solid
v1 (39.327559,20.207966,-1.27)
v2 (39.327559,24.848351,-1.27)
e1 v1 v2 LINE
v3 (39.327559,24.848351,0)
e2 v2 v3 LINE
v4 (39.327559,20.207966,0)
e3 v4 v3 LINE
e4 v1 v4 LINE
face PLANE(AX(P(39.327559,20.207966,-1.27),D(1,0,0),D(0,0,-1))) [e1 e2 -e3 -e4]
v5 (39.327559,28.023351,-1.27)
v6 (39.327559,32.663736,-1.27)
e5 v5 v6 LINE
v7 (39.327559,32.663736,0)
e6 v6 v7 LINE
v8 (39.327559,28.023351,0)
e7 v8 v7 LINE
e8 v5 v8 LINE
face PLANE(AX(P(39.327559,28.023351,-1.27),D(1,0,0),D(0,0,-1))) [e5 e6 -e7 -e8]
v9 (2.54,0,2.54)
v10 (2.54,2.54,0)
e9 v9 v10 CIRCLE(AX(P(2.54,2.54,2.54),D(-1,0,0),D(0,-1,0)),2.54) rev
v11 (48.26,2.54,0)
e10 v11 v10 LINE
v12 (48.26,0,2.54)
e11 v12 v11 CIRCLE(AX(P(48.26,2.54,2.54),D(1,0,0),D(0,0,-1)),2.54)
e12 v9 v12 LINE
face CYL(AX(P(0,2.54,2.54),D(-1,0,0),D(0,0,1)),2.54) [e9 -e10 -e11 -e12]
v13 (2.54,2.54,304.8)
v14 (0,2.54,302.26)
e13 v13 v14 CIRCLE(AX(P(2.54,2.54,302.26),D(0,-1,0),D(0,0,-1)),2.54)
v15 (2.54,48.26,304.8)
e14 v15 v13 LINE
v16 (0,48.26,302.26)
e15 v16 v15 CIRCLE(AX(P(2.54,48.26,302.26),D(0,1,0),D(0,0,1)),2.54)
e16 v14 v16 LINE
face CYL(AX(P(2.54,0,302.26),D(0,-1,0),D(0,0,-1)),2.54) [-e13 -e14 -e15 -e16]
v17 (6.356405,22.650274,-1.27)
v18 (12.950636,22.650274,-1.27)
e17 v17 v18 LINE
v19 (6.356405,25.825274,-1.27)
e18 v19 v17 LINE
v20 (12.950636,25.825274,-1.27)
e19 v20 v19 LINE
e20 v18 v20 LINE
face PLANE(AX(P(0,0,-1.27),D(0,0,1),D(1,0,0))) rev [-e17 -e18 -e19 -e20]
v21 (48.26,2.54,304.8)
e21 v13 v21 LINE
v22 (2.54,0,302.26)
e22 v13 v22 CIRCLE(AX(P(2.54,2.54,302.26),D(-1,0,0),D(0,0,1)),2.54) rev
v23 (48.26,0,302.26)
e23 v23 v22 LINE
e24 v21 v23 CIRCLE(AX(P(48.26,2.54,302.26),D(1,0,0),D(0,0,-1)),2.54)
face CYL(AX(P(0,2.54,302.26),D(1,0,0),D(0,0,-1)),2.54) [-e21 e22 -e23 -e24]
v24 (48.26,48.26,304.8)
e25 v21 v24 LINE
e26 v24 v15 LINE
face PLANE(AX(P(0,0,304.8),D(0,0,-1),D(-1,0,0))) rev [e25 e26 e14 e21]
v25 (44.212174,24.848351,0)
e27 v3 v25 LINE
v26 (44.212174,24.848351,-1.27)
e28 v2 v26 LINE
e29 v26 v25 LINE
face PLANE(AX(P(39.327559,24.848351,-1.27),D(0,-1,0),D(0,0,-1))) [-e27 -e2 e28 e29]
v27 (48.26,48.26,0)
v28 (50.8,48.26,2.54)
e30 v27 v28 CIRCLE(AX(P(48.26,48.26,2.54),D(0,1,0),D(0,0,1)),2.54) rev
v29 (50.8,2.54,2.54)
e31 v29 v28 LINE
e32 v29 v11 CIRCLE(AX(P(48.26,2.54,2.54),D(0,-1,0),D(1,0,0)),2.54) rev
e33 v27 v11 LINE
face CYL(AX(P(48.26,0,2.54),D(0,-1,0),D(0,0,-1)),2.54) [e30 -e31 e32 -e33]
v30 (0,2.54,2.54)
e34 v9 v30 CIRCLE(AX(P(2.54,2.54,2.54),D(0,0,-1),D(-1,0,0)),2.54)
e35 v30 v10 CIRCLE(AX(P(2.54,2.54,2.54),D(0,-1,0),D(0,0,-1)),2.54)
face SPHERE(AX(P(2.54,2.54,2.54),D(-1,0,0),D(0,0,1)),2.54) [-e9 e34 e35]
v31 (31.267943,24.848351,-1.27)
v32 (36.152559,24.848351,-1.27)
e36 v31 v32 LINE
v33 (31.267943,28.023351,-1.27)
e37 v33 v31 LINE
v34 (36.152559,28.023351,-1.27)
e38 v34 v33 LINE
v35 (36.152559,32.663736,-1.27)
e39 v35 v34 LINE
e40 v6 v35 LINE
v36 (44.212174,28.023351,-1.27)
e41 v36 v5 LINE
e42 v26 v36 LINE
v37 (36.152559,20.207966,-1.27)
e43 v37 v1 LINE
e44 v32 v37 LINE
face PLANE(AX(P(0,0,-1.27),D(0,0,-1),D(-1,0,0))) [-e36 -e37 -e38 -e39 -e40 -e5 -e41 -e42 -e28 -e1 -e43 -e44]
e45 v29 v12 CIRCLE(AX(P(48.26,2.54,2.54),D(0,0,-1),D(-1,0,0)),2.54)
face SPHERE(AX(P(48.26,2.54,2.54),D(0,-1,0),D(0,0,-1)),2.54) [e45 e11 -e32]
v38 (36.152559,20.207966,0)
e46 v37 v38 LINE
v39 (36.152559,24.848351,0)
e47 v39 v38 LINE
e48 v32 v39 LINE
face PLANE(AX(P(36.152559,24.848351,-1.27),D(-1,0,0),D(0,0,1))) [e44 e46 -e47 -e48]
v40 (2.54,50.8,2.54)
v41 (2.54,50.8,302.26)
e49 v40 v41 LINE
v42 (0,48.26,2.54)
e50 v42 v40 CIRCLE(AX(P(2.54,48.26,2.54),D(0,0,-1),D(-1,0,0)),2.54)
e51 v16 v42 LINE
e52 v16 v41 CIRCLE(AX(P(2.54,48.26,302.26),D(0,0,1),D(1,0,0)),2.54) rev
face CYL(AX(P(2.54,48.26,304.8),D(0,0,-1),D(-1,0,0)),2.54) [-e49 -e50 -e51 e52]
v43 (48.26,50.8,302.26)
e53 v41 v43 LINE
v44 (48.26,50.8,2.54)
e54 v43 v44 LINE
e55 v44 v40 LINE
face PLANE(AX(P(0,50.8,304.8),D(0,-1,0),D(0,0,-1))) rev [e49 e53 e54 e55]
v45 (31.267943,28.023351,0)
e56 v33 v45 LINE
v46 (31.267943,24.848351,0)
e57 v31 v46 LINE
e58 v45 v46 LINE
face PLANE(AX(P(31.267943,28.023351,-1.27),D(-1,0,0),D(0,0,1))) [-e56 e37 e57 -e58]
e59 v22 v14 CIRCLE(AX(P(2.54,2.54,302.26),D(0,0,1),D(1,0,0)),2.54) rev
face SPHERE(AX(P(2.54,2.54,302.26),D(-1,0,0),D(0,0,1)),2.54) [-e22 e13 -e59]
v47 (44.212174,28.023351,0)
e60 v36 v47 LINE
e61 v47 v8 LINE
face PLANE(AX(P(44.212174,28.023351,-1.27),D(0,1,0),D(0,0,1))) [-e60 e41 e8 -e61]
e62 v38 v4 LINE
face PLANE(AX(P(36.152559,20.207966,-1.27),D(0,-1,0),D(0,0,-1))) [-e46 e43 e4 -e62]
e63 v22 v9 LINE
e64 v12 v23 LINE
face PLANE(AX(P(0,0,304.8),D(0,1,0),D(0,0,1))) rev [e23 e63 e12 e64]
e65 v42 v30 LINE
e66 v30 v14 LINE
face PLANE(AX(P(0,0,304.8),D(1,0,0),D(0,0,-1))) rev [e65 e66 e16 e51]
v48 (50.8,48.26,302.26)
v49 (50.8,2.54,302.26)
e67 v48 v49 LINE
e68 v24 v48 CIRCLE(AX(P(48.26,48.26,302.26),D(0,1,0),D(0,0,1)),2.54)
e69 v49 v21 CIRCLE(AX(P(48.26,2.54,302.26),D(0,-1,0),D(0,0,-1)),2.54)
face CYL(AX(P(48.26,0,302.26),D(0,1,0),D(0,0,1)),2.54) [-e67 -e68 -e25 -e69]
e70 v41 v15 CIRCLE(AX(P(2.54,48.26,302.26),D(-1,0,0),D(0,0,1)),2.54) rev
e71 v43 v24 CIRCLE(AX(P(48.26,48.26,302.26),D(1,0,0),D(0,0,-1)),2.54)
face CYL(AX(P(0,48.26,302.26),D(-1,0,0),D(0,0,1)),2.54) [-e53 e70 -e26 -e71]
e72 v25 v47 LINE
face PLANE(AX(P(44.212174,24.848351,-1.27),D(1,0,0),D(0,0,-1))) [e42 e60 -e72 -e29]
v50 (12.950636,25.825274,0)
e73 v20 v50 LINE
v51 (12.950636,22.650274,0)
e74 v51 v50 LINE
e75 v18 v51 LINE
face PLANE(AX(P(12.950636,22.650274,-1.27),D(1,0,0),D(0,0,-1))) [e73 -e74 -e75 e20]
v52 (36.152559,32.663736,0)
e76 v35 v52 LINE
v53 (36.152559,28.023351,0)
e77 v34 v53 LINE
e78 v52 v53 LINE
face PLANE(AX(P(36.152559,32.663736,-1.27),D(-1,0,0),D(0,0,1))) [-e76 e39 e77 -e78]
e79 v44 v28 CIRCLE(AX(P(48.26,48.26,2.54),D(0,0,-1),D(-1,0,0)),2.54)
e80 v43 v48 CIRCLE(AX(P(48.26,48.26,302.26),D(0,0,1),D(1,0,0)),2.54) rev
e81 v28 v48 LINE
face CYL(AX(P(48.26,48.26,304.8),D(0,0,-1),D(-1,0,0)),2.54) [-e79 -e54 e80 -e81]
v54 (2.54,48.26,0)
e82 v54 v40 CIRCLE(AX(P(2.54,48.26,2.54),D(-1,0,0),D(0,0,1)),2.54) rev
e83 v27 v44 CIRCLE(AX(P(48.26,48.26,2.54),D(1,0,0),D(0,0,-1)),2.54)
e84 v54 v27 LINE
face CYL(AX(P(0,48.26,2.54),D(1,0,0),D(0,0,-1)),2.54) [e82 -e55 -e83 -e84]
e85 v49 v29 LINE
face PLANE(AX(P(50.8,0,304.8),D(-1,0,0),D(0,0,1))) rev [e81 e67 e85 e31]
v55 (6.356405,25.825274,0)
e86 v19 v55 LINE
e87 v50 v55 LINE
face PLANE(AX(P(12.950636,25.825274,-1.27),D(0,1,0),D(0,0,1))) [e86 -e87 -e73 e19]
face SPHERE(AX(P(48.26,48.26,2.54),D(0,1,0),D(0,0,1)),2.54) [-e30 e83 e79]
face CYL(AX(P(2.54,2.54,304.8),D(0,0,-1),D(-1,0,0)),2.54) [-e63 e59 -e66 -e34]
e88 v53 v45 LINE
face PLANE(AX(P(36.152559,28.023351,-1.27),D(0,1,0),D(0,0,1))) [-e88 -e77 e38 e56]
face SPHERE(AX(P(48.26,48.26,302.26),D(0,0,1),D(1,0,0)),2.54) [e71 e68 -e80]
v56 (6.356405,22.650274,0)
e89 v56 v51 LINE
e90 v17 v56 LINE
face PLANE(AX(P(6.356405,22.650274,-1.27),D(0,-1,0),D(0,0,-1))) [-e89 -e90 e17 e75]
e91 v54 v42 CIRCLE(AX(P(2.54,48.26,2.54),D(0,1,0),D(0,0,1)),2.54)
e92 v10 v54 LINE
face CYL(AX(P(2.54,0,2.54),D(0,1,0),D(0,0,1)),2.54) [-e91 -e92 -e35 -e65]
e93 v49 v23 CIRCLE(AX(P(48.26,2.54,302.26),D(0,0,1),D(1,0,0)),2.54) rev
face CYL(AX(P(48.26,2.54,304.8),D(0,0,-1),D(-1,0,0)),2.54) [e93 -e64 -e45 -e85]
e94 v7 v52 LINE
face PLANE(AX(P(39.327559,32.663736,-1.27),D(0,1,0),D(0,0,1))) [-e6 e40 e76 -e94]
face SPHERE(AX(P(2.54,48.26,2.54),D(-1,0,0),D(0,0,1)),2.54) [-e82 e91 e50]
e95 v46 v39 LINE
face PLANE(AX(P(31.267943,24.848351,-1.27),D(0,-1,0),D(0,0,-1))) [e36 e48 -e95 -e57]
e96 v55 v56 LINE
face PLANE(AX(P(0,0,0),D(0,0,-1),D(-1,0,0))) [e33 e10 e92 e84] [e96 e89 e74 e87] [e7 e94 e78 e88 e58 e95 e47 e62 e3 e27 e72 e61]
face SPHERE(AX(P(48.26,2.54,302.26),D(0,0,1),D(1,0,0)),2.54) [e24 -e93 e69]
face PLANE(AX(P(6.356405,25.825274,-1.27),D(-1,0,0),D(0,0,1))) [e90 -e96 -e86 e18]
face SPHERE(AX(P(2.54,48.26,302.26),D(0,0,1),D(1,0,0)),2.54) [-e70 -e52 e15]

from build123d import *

# Parameters (mm, degrees)
SKETCH2_W           = 50.8
SKETCH2_H           = 50.8
BOSS_EXTRUDE1_DEPTH = 304.8
FILLET1_R           = 2.54
SKETCH3_W           = 6.594230769
SKETCH3_H           = 3.175
BOSS_EXTRUDE2_DEPTH = 1.27


with BuildPart() as part:
    # Sketch2 → Boss-Extrude1 (new body)
    with BuildSketch(Plane.XY):
        with Locations((25.4, 25.4)):
            Rectangle(SKETCH2_W, SKETCH2_H)
    extrude(amount=BOSS_EXTRUDE1_DEPTH)

    # Fillet1
    fillet1_edges = [part.edges().sort_by_distance(p)[0] for p in [
        (50.8, 25.4, 304.8),
        (25.4, 50.8, 304.8),
        (0, 25.4, 304.8),
        (25.4, 50.8, 0),
        (50.8, 25.4, 0),
        (25.4, 0, 0),
        (0, 25.4, 0),
        (0, 50.8, 152.4),
        (50.8, 50.8, 152.4),
        (50.8, 0, 152.4),
        (0, 0, 152.4),
        (25.4, 0, 304.8),
    ]]
    fillet(fillet1_edges, radius=FILLET1_R)

    # Sketch3 → Boss-Extrude2 (add)
    with BuildSketch(Plane(origin=(0, 0, 0), x_dir=(-1, 0, 0), z_dir=(0, 0, -1))):
        Polygon((-39.327558634, 28.023350903), (-39.327558634, 32.663735519), (-36.152558634, 32.663735519), (-36.152558634, 28.023350903), (-31.267943249, 28.023350903), (-31.267943249, 24.848350903), (-36.152558634, 24.848350903), (-36.152558634, 20.207966288), (-39.327558634, 20.207966288), (-39.327558634, 24.848350903), (-44.212174018, 24.848350903), (-44.212174018, 28.023350903), align=None)
        with Locations((-9.653520173, 24.23777398)):
            Rectangle(SKETCH3_W, SKETCH3_H)
    extrude(amount=BOSS_EXTRUDE2_DEPTH)


solid = part.part
